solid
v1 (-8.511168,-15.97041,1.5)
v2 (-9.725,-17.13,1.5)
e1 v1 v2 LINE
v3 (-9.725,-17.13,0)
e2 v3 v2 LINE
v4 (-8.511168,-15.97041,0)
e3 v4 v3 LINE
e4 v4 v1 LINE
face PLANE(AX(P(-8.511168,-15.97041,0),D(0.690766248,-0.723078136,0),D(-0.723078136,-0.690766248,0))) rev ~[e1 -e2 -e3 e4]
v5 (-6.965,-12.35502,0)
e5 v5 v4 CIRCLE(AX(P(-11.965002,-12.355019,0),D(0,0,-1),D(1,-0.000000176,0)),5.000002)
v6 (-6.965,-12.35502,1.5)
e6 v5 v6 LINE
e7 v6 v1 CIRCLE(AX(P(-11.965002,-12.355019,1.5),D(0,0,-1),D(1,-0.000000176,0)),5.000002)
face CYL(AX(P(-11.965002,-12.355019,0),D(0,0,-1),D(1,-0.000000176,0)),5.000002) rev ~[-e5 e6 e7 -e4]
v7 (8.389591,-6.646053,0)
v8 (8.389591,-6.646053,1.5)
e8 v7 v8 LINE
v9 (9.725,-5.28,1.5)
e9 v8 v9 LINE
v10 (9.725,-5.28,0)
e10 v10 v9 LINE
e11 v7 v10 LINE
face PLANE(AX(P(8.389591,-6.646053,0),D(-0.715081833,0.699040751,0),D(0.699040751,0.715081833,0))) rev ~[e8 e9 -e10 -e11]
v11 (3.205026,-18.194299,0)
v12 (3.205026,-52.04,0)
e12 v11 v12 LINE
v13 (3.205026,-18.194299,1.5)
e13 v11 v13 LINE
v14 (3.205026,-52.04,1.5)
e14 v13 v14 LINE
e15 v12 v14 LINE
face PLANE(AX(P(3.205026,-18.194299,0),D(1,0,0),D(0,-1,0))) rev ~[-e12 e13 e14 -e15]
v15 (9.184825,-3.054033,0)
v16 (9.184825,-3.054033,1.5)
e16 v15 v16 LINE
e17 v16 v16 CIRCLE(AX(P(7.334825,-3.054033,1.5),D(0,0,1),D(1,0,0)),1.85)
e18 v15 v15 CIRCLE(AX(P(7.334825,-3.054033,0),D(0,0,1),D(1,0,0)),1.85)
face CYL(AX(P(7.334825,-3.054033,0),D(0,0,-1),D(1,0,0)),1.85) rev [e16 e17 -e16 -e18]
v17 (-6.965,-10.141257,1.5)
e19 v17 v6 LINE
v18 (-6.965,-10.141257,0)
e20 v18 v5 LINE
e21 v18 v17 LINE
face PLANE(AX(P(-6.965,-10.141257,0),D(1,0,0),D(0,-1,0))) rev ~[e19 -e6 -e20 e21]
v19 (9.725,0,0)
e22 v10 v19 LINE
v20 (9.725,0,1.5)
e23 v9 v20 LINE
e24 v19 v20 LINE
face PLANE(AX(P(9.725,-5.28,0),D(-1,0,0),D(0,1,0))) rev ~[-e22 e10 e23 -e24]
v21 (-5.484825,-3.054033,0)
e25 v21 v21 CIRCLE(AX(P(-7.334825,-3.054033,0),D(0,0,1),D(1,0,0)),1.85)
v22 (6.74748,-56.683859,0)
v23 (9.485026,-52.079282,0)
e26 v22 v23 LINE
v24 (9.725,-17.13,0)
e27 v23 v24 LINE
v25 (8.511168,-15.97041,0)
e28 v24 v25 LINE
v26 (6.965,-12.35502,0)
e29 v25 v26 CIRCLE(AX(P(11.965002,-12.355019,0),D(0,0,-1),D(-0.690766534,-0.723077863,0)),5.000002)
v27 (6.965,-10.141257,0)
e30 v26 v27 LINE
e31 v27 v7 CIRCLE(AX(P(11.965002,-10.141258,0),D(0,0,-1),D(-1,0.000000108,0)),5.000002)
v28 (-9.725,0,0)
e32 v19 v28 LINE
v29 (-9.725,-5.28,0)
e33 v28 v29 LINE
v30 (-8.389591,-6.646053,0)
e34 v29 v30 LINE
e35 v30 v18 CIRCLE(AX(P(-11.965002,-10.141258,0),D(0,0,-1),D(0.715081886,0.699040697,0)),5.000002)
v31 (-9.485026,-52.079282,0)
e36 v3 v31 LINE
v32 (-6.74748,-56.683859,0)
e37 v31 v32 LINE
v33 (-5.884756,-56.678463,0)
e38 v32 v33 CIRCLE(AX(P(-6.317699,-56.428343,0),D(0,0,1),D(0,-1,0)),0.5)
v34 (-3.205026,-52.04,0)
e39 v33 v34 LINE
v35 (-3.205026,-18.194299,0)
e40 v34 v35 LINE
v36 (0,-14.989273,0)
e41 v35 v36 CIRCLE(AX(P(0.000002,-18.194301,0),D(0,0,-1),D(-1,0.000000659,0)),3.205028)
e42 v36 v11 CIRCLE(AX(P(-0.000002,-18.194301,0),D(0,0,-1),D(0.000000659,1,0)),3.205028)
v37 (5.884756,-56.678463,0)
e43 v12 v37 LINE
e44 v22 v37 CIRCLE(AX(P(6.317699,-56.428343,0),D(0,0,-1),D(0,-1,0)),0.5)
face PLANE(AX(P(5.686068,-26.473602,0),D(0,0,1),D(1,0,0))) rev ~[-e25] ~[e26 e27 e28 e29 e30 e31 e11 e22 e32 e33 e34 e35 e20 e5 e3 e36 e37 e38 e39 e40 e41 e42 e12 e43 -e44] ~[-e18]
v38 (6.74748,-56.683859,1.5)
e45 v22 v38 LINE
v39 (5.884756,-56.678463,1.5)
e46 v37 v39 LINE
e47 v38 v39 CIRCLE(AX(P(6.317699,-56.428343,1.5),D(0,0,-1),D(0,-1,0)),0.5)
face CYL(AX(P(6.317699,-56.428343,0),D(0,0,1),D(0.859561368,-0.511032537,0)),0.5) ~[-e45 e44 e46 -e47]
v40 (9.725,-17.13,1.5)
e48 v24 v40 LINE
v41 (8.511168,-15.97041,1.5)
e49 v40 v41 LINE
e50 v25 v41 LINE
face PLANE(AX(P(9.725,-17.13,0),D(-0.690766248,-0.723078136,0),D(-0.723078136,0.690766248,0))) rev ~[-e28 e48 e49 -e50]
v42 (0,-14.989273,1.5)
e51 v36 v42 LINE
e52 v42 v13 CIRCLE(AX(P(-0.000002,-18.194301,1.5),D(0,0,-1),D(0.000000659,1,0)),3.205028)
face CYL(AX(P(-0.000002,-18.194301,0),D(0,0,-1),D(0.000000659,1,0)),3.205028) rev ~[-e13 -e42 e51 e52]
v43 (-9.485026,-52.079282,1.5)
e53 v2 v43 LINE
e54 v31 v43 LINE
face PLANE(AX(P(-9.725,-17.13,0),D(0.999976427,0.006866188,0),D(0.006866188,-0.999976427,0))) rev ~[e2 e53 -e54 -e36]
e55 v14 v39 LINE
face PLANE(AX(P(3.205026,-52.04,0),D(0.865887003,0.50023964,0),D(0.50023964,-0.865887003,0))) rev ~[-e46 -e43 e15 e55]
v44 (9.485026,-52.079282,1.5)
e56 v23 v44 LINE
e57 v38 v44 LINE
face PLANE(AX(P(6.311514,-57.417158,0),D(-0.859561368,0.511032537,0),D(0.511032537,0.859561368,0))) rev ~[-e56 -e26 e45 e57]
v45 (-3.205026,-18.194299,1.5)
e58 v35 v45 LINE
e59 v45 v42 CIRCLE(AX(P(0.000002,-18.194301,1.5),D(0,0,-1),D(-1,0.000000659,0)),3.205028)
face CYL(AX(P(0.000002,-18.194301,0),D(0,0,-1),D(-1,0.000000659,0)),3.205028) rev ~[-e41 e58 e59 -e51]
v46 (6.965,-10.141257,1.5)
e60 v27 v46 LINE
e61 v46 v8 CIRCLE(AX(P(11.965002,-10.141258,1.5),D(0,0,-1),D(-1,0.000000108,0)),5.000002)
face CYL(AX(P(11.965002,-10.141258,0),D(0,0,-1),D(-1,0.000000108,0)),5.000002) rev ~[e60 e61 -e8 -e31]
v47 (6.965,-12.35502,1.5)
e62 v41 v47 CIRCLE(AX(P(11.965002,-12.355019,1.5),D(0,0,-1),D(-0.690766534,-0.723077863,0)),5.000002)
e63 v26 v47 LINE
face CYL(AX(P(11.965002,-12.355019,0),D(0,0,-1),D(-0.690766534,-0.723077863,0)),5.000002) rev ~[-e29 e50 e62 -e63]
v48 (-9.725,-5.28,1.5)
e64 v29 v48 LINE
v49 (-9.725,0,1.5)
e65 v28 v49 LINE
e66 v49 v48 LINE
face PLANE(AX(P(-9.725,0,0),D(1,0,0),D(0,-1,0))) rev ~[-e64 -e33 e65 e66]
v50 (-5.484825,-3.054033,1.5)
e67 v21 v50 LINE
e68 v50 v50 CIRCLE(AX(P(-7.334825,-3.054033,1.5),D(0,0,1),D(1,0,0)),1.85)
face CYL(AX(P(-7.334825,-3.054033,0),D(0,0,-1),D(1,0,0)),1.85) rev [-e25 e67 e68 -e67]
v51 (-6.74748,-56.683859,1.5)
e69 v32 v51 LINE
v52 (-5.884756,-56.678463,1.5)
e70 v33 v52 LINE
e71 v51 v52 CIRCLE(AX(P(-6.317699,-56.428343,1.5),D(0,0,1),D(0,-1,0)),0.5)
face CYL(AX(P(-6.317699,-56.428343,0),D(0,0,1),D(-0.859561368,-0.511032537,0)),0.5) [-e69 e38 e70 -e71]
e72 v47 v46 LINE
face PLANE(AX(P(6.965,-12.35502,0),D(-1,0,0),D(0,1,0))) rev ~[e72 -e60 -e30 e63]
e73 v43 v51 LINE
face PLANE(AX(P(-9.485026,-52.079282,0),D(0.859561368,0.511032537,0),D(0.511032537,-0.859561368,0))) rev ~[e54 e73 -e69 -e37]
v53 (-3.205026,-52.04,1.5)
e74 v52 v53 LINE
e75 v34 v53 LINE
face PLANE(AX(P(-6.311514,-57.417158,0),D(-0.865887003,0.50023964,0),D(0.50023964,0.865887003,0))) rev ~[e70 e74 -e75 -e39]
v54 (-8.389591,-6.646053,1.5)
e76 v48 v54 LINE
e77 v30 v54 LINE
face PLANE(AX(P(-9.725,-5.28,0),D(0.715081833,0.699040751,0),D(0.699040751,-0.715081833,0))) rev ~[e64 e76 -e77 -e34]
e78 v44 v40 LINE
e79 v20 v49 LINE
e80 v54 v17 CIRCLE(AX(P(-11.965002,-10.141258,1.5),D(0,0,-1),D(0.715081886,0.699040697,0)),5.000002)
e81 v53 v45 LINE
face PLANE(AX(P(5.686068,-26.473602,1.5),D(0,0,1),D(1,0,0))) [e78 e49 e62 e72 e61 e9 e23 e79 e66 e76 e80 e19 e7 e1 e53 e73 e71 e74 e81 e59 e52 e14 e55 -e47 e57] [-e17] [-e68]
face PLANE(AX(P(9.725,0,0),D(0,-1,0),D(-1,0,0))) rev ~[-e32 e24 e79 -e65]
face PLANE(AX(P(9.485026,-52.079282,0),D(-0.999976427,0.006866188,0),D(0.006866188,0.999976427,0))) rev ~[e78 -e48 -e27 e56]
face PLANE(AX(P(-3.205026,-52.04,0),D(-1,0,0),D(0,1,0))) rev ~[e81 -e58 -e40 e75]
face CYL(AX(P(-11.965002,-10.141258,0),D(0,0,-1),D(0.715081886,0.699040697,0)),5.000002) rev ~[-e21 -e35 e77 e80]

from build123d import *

# Parameters (mm, degrees)
F0_R     = 1.85
F1_DEPTH = 1.5
F2_R     = 0.5


with BuildPart() as f1:
    # F0 (on Top) → F1 (new body)
    with BuildSketch(Plane.XY):
        with BuildLine():
            Line((9.725, 0), (0, 0))
            Line((0, 0), (0, -14.989273))
            ThreePointArc((0, -14.989273), (2.266295, -15.928004), (3.205026, -18.194299))
            Line((3.205026, -18.194299), (3.205026, -52.04))
            Line((3.205026, -52.04), (6.311514, -57.417158))
            Line((6.311514, -57.417158), (9.485026, -52.079282))
            Line((9.485026, -52.079282), (9.725, -17.13))
            Line((9.725, -17.13), (8.511168, -15.97041))
            ThreePointArc((8.511168, -15.97041), (7.367764, -14.321087), (6.965, -12.35502))
            Line((6.965, -12.35502), (6.965, -10.141257))
            ThreePointArc((6.965, -10.141257), (7.334825, -8.254069), (8.389591, -6.646053))
            Line((8.389591, -6.646053), (9.725, -5.28))
            Line((9.725, -5.28), (9.725, 0))
        make_face()
        with Locations((7.334825, -3.054033)):
            Circle(F0_R, mode=Mode.SUBTRACT)
        with BuildLine():
            Line((0, -14.989273), (0, 0))
            Line((0, 0), (-9.725, 0))
            Line((-9.725, 0), (-9.725, -5.28))
            Line((-9.725, -5.28), (-8.389591, -6.646053))
            ThreePointArc((-8.389591, -6.646053), (-7.334825, -8.254069), (-6.965, -10.141257))
            Line((-6.965, -10.141257), (-6.965, -12.35502))
            ThreePointArc((-6.965, -12.35502), (-7.367764, -14.321087), (-8.511168, -15.97041))
            Line((-8.511168, -15.97041), (-9.725, -17.13))
            Line((-9.725, -17.13), (-9.485026, -52.079282))
            Line((-9.485026, -52.079282), (-6.311514, -57.417158))
            Line((-6.311514, -57.417158), (-3.205026, -52.04))
            Line((-3.205026, -52.04), (-3.205026, -18.194299))
            ThreePointArc((-3.205026, -18.194299), (-2.266295, -15.928004), (0, -14.989273))
        make_face()
        with Locations((-7.334825, -3.054033)):
            Circle(F0_R, mode=Mode.SUBTRACT)
    extrude(amount=F1_DEPTH)

    # F2
    f2_edges = [f1.edges().sort_by_distance(p)[0] for p in [
        (-6.311514, -57.417158, 0.75),
        (6.311514, -57.417158, 0.75),
    ]]
    fillet(f2_edges, radius=F2_R)


solid = f1.part
